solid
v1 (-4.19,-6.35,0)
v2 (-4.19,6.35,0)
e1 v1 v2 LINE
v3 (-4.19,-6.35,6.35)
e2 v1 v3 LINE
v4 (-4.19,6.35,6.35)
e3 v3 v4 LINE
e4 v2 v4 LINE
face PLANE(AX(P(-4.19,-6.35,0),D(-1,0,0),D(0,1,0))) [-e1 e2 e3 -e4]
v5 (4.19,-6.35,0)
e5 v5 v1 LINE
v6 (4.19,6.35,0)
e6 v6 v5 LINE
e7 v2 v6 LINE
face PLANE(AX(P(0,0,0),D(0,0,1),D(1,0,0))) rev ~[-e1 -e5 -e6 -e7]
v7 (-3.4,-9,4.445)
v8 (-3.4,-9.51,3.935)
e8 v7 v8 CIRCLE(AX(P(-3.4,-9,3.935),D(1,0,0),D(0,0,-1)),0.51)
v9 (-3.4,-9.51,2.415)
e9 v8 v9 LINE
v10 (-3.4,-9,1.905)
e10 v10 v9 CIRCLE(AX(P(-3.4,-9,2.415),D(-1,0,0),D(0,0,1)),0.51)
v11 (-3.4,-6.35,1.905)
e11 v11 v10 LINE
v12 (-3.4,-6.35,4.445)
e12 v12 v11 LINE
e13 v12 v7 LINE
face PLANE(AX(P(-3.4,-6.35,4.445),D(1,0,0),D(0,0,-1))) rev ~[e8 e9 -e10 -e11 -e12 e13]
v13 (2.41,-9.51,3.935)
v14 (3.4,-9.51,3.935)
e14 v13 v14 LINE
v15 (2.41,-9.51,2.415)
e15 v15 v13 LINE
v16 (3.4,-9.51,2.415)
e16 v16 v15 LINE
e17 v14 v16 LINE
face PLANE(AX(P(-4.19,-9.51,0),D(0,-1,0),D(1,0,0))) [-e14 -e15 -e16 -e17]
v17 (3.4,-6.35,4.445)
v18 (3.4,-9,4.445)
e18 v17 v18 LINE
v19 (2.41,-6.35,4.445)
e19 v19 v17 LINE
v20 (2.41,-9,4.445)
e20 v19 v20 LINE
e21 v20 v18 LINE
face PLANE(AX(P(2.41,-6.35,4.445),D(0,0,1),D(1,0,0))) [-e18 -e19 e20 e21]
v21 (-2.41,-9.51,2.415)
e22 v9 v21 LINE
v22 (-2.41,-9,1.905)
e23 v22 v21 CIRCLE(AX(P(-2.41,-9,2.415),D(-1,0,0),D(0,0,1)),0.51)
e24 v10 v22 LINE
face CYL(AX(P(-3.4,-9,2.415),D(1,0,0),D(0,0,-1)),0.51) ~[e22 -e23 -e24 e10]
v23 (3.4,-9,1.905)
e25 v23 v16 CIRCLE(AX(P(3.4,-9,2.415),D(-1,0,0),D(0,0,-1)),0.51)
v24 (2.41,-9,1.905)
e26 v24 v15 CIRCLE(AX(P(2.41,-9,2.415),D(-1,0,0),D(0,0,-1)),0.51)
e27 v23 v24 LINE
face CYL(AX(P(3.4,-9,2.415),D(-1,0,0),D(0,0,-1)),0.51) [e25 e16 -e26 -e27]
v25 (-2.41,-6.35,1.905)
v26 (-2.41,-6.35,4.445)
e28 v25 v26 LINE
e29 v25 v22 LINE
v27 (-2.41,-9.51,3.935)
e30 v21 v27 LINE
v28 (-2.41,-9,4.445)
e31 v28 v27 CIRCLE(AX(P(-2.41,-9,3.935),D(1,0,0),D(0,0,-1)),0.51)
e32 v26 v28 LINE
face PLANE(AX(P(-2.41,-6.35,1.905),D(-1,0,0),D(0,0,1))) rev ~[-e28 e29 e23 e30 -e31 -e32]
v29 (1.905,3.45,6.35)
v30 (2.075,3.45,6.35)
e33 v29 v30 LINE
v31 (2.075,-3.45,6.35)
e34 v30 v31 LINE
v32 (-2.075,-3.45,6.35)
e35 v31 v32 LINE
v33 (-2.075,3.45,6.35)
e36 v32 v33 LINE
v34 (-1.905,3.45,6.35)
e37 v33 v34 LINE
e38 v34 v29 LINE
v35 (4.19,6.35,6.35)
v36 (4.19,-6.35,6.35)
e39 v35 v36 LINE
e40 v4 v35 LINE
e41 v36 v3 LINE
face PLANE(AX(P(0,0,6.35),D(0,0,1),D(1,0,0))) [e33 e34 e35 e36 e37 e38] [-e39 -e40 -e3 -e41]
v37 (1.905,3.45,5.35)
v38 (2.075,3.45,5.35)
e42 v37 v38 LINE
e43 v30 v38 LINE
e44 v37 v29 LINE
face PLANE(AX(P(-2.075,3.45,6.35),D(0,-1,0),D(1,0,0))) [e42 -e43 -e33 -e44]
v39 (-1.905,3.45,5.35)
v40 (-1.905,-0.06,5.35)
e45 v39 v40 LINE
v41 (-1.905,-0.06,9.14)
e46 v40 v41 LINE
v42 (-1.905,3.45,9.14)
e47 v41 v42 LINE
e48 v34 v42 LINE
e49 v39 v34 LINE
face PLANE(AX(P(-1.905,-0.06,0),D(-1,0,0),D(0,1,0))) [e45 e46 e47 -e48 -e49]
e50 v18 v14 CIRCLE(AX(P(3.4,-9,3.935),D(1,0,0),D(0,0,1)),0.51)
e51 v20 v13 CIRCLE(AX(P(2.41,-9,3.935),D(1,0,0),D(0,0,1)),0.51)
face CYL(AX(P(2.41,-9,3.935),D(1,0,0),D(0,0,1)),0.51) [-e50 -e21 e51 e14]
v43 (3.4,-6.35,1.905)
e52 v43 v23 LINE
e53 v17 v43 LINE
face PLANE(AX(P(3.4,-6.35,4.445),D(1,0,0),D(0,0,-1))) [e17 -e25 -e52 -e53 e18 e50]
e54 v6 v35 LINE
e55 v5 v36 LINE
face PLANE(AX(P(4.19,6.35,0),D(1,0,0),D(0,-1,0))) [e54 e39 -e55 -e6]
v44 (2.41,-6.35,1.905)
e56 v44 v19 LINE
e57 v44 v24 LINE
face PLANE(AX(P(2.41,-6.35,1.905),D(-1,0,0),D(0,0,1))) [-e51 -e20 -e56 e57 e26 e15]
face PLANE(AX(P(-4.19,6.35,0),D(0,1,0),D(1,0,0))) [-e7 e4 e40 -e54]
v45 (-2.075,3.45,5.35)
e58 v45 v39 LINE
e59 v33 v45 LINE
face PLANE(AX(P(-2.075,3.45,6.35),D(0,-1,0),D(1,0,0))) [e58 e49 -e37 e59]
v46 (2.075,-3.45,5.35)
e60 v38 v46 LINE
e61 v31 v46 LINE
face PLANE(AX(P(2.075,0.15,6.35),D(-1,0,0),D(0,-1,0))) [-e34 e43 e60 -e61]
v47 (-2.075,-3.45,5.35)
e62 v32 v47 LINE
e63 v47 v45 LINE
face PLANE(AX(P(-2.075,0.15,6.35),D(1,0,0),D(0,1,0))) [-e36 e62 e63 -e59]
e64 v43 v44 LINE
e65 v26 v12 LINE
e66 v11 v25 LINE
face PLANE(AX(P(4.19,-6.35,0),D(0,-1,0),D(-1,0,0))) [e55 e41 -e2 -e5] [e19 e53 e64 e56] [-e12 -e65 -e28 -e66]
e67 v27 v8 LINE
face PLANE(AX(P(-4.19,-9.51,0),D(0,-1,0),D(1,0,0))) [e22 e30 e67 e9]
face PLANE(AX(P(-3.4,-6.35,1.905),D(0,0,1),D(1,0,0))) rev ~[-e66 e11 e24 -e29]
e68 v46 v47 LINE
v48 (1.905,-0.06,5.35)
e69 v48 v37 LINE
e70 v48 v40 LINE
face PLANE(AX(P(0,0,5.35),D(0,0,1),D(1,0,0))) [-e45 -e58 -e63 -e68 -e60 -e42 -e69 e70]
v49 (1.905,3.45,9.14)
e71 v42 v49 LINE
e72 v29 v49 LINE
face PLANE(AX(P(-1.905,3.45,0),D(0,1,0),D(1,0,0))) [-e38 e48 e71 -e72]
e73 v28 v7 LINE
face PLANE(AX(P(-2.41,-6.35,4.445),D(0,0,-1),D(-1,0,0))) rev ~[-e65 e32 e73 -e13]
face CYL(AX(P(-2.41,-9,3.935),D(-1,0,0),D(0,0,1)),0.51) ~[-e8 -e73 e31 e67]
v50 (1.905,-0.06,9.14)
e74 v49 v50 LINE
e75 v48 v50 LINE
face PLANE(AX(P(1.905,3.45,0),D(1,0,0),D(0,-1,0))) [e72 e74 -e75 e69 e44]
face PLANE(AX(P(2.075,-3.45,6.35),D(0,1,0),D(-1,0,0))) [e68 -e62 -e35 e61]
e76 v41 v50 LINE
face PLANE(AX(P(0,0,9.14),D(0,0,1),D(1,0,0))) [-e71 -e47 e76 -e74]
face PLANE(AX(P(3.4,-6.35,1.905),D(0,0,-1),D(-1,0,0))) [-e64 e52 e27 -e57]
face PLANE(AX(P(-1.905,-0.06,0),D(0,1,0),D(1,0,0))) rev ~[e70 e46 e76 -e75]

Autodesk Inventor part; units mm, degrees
ref_plane "YZ Plane" through (0, 0, 0) normal (1, 0, 0) x (0, 1, 0)
ref_plane "XZ Plane" through (0, 0, 0) normal (0, 1, 0) x (-1, 0, 0)
ref_plane "XY Plane" through (0, 0, 0) normal (0, 0, 1) x (1, 0, 0)
sketch "Sketch1" plane through (0, 0, 0) normal (0, 0, 1) x (1, 0, 0)
  line L0 (-4.19, 6.35) -> (4.19, 6.35)
  line L1 (4.19, 6.35) -> (4.19, -6.35)
  line L2 (4.19, -6.35) -> (-4.19, -6.35)
  line L3 (-4.19, -6.35) -> (-4.19, 6.35)
  line L4 (0, 0) -> (4.19, 0) construction
  line L5 (0, 0) -> (0, -6.35) construction
  dimension "d0" = 8.38
  dimension "d1" = 12.7
extrude "Extrusion1" add sketch "Sketch1" along normal blind 6.35
sketch "Sketch2" plane through (0, 0, 6.35) normal (0, 0, 1) x (1, 0, 0)
  line L0 (0, 0) -> (0, 14.132) construction
  line L1 (-2.075, 3.45) -> (2.075, 3.45)
  line L2 (2.075, 3.45) -> (2.075, -3.45)
  line L3 (2.075, -3.45) -> (-2.075, -3.45)
  line L4 (-2.075, -3.45) -> (-2.075, 3.45)
  line L5 (2.075, 0.15) -> (2.075, -3.45)
  line L6 (2.075, -3.45) -> (-2.075, -3.45)
  line L7 (-2.075, -3.45) -> (-2.075, 0.15)
  line L8 (0, 0) -> (4.19, 0) construction
  line L9 (4.19, -6.35) -> (4.19, 6.35) construction
  dimension "d4" = 4.15
  dimension "d20" = 6.9
extrude "Extrusion2" cut sketch "Sketch2" against normal blind 1
sketch "Sketch3" plane through (0, 0, 6.35) normal (0, 0, 1) x (1, 0, 0)
  line L0 (0, 0) -> (0, 14.132) construction
  line L1 (-1.905, 3.45) -> (1.905, 3.45)
  line L2 (1.905, 3.45) -> (1.905, -3.45)
  line L3 (1.905, -3.45) -> (-1.905, -3.45)
  line L4 (-1.905, -3.45) -> (-1.905, 3.45)
  line L5 (-1.905, -0.06) -> (1.905, -0.06)
  line L6 (1.905, -0.06) -> (1.905, -3.45)
  line L7 (1.905, -3.45) -> (-1.905, -3.45)
  line L8 (-1.905, -3.45) -> (-1.905, -0.06)
  line L9 (0, 0) -> (4.19, 0) construction
  line L10 (4.19, -6.35) -> (4.19, 6.35) construction
  line L11 (-2.075, 3.45) -> (2.075, 3.45) projected
  line L12 (2.075, -3.45) -> (-2.075, -3.45) projected
  point P0 (1.905, -0.06)
  dimension "d9" = 3.81
  dimension "d11" = 3.51
extrude "Extrusion3" add sketch "Sketch3" along normal blind 9.14 from surface at -6.35 contours L1 L2 L5 L4
sketch "Sketch4" plane through (-4.19, -6.35, 0) normal (0, -1, 0) x (1, 0, 0)
  line L0 (0, 0) -> (0, 6.35) construction
  line L1 (0, 3.175) -> (8.38, 3.175) construction
  line L2 (8.38, 0) -> (8.38, 6.35) construction
  line L3 (4.19, 0) -> (4.19, 6.35) construction
  line L4 (8.38, 6.35) -> (0, 6.35) construction
  line L5 (6.6, 4.445) -> (7.59, 4.445)
  line L6 (7.59, 4.445) -> (7.59, 1.905)
  line L7 (7.59, 1.905) -> (6.6, 1.905)
  line L8 (6.6, 1.905) -> (6.6, 4.445)
  line L9 (7.095, 4.445) -> (7.095, 1.905) construction
  line L10 (1.78, 4.445) -> (0.79, 4.445)
  line L11 (0.79, 4.445) -> (0.79, 1.905)
  line L12 (0.79, 1.905) -> (1.78, 1.905)
  line L13 (1.78, 1.905) -> (1.78, 4.445)
  line L14 (1.285, 4.445) -> (1.285, 1.905) construction
  dimension "d14" = 0.99
  dimension "d15" = 2.54
  dimension "d24" = 6.8
extrude "Extrusion4" add sketch "Sketch4" along normal blind 3.16
fillet "Fillet1" radius 0.51 4 edges at (-2.905, -9.51, 4.445) (-2.905, -9.51, 1.905) (2.905, -9.51, 4.445) (2.905, -9.51, 1.905)
equation "\"d7\" = switchTrackExtrusion"
equation "\"switchTrackExtrusion\" = 1"
properties part number "Switch_Base"
